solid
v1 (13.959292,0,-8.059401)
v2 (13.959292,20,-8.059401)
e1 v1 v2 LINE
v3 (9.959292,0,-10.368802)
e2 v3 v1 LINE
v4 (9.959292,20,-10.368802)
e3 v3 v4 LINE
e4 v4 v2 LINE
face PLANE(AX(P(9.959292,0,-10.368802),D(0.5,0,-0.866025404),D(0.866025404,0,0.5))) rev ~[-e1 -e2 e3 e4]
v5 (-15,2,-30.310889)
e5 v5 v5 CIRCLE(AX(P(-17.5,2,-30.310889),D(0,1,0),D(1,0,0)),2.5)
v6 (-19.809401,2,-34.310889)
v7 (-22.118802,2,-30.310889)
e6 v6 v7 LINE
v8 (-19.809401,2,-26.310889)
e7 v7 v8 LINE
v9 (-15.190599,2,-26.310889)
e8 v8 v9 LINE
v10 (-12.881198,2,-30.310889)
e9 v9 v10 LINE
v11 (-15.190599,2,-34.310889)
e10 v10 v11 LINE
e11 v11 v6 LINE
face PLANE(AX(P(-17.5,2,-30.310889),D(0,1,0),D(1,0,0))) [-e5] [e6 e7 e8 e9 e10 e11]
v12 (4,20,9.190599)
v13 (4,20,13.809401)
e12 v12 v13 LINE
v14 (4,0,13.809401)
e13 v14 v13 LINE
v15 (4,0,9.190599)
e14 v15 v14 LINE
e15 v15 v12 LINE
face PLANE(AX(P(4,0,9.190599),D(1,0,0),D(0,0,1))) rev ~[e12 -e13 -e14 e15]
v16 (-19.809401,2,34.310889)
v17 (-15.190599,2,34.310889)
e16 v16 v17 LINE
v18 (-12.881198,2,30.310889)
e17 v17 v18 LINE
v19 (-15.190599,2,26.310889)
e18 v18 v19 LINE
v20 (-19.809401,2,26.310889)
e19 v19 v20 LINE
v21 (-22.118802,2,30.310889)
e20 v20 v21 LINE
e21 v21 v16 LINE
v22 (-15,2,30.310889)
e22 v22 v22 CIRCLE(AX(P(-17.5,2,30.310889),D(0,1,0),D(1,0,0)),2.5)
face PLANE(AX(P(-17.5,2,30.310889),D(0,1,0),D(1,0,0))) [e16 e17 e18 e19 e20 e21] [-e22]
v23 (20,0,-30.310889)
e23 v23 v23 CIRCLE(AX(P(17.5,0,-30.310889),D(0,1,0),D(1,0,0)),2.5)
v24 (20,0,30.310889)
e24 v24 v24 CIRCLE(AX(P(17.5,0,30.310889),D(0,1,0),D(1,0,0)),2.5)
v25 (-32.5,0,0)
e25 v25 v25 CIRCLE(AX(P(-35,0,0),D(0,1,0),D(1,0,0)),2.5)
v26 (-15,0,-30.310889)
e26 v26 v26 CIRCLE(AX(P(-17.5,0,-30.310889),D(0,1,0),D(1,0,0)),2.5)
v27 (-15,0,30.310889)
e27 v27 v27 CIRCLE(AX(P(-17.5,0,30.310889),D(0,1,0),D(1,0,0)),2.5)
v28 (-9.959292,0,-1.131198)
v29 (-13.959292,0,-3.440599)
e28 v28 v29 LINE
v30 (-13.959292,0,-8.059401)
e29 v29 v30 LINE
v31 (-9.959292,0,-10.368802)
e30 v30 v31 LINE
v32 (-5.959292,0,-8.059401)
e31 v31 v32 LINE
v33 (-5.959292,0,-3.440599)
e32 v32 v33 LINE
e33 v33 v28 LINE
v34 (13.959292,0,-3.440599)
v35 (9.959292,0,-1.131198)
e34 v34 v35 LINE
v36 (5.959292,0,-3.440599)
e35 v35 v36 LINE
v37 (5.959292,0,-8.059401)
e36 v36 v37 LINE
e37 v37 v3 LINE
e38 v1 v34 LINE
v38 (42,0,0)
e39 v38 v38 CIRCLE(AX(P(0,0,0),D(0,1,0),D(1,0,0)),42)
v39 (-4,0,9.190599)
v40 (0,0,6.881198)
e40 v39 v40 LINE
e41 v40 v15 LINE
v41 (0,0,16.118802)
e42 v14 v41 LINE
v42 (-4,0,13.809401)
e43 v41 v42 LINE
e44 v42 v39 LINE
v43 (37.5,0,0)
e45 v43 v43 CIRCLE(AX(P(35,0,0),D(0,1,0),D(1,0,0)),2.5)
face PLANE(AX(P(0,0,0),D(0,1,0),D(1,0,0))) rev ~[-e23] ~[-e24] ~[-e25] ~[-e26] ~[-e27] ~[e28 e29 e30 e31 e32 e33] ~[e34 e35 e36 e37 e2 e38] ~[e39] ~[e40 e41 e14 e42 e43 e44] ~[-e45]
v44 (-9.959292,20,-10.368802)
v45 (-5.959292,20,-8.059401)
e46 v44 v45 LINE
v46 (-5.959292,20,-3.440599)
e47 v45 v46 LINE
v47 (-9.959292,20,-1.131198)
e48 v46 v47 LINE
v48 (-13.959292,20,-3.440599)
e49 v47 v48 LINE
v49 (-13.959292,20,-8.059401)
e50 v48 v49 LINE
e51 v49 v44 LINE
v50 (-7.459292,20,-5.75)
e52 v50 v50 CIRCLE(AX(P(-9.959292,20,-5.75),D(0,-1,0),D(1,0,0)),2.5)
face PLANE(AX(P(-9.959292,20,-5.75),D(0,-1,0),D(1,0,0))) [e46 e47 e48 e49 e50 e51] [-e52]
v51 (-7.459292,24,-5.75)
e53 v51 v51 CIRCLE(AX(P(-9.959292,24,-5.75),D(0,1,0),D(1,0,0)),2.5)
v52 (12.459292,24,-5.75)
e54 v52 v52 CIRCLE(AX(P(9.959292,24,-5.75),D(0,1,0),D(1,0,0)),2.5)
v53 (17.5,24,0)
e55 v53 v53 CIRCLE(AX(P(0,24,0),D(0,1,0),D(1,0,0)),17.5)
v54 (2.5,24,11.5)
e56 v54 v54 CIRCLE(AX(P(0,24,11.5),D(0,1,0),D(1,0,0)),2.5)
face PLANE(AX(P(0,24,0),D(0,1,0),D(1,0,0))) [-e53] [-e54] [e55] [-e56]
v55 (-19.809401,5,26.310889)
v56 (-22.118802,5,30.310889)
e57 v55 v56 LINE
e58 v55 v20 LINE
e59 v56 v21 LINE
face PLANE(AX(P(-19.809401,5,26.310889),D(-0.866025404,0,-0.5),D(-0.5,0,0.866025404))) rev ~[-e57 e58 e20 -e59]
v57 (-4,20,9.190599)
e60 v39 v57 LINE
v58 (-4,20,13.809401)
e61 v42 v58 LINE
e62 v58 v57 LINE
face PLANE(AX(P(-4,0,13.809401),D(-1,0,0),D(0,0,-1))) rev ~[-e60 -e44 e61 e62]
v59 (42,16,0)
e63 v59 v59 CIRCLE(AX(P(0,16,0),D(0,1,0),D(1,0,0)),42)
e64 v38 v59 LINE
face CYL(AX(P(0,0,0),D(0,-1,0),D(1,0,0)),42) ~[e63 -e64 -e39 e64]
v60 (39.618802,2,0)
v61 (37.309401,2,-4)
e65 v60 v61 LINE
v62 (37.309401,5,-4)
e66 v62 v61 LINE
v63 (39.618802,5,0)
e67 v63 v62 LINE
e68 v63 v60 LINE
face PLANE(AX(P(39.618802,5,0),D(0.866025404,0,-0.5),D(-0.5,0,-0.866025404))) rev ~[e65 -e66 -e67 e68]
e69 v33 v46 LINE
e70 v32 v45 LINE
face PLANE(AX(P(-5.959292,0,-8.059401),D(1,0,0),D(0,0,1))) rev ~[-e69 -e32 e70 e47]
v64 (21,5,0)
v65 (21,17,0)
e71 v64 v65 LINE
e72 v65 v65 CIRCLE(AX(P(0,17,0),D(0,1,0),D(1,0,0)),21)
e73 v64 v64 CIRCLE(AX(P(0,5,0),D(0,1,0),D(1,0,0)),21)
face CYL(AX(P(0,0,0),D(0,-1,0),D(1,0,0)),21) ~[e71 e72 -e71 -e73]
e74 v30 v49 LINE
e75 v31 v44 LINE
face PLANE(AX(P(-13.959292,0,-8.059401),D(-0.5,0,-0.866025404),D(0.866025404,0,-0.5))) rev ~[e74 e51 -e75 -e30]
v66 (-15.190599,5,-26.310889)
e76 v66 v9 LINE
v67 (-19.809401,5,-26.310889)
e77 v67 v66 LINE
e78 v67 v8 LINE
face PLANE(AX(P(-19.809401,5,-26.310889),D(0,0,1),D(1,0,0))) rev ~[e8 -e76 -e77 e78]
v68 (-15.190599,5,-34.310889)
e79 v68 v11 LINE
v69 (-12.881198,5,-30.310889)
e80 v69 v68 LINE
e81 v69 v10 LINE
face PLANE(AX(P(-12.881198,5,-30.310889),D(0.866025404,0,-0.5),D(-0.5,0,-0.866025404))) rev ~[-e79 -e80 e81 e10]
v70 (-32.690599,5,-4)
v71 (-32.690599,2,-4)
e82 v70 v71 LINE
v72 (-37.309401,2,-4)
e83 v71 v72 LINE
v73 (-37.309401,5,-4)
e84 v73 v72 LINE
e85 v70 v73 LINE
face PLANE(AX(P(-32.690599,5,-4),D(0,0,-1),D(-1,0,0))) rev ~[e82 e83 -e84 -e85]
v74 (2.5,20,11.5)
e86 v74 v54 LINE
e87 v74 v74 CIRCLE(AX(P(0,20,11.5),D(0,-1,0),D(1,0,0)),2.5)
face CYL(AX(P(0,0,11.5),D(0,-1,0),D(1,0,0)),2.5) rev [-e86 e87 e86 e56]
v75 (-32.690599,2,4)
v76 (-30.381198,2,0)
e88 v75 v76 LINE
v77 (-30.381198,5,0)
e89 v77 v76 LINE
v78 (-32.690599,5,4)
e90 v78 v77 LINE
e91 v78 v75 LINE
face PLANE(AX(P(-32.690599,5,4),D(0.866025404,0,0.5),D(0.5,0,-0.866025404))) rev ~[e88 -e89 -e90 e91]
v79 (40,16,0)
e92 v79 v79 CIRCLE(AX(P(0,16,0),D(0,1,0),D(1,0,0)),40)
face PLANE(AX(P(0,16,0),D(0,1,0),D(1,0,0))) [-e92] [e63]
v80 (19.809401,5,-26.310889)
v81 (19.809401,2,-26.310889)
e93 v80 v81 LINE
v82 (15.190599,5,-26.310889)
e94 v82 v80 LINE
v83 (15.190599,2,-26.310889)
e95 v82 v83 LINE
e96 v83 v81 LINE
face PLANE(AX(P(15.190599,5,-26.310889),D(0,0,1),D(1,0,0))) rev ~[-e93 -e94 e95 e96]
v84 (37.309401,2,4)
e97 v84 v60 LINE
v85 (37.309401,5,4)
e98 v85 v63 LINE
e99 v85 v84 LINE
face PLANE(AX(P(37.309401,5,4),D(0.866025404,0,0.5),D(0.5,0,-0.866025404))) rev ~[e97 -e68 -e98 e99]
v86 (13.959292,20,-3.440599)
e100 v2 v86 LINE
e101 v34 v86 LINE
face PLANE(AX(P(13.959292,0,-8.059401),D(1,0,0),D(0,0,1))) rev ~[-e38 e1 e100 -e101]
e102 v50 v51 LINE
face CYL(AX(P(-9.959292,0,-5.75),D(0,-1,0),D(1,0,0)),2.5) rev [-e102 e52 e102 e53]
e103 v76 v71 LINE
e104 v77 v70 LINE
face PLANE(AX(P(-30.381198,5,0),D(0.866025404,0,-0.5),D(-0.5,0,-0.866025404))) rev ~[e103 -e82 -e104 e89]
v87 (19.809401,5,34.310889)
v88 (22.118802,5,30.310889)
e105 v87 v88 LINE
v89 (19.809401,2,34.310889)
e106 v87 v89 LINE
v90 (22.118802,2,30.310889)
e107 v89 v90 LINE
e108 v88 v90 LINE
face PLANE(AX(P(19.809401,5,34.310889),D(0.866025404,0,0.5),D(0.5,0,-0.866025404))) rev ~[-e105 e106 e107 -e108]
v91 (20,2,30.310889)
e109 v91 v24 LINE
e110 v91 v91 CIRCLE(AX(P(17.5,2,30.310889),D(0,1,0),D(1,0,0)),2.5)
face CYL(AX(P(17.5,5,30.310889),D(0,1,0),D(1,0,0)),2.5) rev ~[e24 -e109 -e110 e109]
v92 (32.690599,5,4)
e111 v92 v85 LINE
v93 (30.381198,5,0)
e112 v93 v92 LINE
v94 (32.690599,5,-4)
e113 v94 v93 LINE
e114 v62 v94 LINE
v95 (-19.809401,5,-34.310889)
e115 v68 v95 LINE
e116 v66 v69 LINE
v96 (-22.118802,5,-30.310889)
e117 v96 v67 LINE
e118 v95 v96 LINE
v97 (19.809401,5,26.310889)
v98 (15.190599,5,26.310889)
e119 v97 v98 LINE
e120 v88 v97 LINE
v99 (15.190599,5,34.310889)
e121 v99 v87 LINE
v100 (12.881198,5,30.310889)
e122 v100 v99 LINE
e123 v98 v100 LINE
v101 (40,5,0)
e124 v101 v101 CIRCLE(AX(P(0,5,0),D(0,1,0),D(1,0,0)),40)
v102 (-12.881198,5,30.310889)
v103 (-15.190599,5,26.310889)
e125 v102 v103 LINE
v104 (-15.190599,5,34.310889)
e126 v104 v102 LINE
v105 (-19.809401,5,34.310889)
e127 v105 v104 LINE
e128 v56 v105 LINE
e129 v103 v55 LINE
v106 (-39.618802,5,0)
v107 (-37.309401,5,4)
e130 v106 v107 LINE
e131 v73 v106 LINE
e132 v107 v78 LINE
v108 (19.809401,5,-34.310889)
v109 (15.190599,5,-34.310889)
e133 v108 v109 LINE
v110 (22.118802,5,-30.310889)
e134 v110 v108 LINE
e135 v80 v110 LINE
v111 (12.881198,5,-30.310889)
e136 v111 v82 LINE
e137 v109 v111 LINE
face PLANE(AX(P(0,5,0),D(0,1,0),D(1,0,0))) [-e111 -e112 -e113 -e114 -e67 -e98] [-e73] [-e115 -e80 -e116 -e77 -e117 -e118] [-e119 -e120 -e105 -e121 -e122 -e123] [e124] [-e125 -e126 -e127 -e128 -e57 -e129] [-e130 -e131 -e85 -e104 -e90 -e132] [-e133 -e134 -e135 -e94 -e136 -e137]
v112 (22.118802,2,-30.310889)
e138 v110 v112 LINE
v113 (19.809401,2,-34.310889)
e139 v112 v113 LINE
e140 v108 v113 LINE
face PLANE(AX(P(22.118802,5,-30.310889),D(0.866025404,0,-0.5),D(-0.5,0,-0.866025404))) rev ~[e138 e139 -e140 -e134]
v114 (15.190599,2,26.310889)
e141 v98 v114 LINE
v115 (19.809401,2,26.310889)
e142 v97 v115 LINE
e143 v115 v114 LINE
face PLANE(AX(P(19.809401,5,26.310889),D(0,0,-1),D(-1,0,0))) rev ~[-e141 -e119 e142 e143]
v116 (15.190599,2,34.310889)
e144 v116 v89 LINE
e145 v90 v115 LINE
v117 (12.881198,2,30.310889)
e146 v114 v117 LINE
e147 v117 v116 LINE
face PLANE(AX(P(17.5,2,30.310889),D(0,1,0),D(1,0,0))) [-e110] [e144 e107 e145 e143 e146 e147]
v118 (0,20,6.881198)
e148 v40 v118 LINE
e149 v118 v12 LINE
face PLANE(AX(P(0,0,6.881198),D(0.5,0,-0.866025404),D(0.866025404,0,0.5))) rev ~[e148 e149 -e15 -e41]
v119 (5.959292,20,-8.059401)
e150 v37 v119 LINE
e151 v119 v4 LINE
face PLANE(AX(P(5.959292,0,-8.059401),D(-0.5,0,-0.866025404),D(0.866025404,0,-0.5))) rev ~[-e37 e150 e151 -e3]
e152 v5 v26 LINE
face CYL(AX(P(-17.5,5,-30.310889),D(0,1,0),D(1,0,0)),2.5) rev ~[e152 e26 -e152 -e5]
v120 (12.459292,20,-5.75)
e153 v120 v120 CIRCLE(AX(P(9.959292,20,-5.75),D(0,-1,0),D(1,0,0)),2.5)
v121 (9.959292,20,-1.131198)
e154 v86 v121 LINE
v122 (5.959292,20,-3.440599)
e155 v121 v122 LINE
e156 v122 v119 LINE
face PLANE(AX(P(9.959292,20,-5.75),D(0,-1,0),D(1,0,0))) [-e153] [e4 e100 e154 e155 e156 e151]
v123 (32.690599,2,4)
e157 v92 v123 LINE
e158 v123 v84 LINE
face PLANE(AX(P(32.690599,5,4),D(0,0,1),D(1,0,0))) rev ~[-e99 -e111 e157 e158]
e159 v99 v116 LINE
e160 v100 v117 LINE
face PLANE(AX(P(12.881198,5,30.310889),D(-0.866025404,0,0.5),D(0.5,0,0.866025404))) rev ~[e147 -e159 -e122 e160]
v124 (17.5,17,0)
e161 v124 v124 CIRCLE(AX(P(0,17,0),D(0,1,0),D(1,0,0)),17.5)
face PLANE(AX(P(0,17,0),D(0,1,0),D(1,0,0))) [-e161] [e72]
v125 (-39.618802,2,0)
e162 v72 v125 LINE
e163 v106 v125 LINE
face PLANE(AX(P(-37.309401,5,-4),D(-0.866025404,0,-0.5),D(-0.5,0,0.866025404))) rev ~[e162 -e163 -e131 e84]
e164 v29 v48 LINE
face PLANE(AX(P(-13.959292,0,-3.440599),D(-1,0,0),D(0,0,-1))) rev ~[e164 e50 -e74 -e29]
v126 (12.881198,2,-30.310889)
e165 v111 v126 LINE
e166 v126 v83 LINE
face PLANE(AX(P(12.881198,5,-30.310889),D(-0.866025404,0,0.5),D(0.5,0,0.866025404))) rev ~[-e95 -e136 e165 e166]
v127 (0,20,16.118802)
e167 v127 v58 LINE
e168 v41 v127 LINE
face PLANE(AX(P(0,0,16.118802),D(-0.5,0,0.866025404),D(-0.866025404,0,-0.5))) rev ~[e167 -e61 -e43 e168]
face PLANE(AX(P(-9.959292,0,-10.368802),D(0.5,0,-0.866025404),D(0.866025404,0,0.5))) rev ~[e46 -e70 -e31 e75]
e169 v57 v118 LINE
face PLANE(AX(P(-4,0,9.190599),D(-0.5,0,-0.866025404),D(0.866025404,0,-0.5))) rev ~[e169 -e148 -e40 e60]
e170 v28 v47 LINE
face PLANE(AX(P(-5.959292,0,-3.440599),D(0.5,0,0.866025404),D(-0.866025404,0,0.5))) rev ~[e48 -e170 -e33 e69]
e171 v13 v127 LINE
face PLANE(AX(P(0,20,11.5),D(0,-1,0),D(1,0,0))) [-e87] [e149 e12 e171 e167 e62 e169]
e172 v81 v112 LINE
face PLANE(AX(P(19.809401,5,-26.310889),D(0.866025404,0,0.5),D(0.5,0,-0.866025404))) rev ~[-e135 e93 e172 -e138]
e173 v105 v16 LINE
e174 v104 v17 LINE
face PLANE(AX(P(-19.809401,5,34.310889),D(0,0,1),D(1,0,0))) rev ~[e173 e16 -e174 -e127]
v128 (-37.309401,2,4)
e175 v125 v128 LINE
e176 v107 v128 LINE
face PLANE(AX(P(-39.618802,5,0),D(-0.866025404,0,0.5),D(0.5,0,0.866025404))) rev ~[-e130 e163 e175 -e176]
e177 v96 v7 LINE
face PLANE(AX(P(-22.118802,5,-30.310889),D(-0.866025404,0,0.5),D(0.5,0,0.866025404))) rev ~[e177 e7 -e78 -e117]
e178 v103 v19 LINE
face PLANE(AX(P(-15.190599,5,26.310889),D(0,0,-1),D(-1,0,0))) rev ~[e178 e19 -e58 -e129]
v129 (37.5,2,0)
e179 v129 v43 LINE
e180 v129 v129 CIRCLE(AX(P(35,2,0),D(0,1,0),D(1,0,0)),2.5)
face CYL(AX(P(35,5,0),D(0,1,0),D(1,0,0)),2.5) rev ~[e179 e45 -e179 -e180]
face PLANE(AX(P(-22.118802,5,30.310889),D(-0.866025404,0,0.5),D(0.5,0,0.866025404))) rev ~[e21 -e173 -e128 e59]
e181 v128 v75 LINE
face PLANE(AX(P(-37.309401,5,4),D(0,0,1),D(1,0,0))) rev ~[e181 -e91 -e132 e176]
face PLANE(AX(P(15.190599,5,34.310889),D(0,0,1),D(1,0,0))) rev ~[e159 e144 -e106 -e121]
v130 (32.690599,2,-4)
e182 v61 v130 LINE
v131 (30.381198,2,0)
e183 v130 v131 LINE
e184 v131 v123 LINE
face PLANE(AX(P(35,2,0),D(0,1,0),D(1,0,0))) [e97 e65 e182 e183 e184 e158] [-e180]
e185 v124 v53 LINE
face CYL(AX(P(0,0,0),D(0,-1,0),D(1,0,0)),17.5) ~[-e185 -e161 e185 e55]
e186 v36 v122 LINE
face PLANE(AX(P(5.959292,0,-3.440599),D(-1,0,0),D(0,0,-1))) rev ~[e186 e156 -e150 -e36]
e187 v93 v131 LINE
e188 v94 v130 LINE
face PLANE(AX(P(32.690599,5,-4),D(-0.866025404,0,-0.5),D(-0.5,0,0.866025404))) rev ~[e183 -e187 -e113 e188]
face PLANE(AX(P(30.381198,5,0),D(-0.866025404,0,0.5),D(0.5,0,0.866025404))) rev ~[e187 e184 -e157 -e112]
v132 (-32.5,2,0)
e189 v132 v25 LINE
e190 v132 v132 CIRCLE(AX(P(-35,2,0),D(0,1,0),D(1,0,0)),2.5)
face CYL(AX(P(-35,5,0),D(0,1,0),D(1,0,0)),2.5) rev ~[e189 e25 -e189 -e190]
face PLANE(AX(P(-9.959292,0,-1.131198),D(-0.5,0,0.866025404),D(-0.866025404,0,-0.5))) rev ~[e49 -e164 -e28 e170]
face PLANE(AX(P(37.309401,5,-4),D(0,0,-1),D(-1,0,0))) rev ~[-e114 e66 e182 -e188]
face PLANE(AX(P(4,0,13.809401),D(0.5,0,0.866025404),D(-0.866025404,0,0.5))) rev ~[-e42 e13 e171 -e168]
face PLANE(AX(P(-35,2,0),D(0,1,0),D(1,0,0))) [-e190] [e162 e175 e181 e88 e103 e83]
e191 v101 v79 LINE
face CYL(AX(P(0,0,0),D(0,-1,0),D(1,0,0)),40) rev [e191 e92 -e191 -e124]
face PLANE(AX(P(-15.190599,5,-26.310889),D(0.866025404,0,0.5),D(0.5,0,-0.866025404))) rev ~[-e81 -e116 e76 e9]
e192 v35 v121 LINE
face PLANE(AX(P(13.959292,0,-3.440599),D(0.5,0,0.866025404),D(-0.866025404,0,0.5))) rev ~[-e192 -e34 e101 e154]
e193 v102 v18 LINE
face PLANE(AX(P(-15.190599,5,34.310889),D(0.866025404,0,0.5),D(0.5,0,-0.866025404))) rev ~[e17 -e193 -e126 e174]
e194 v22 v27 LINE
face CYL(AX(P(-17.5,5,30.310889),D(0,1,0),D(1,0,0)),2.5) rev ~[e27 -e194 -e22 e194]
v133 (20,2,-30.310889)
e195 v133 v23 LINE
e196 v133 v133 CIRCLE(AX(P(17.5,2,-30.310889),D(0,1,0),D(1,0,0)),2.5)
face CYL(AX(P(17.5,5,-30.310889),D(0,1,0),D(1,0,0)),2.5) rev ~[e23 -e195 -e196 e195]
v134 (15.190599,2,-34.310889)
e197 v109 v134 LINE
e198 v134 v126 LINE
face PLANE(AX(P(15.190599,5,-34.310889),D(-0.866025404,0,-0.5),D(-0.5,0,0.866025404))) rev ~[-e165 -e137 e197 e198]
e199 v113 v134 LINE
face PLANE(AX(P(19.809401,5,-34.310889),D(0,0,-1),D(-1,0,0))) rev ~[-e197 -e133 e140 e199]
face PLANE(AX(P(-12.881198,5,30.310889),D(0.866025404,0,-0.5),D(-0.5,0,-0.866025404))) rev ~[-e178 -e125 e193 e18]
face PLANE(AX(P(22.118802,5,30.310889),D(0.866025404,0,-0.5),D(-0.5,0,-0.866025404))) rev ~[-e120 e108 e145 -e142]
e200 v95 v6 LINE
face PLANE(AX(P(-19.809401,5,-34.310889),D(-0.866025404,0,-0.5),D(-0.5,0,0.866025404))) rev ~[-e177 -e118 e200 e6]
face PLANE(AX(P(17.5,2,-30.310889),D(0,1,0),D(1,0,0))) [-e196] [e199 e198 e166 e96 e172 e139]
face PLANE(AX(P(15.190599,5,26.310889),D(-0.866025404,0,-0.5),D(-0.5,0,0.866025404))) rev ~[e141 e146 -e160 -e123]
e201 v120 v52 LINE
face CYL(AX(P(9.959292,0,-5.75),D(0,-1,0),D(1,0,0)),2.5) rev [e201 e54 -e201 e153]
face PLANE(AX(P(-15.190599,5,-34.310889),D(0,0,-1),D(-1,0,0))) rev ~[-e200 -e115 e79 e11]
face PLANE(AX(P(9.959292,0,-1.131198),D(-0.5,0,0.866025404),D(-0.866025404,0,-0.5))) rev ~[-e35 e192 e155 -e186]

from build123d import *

# Parameters (mm, degrees)
SKETCH1_R           = 17.5
SKETCH1_R_2         = 2.5
BOSS_EXTRUDE1_DEPTH = 24
SKETCH1_3_R         = 21
SKETCH1_3_R_2       = 17.5
BOSS_EXTRUDE2_DEPTH = 17
SKETCH1_6_R         = 40
SKETCH1_6_R_2       = 21
BOSS_EXTRUDE4_DEPTH = 5
SKETCH1_7_R         = 42
SKETCH1_7_R_2       = 40
BOSS_EXTRUDE5_DEPTH = 16
SKETCH2_R           = 2.5
CUT_EXTRUDE1_DEPTH  = 6
CUT_EXTRUDE2_DEPTH  = 3
CUT_EXTRUDE3_DEPTH  = 20


with BuildPart() as part:
    # Sketch1 → Boss-Extrude1 (new body)
    with BuildSketch(Plane(origin=(0, 0, 0), x_dir=(1, 0, 0), z_dir=(0, 1, 0))):
        Circle(SKETCH1_R)
        with Locations((-9.959292144, 5.75)):
            Circle(SKETCH1_R_2, mode=Mode.SUBTRACT)
        with Locations((9.959292144, 5.75)):
            Circle(SKETCH1_R_2, mode=Mode.SUBTRACT)
        with Locations((0, -11.5)):
            Circle(SKETCH1_R_2, mode=Mode.SUBTRACT)
    extrude(amount=BOSS_EXTRUDE1_DEPTH)

    # Sketch1<3> → Boss-Extrude2 (add)
    with BuildSketch(Plane(origin=(0, 0, 0), x_dir=(1, 0, 0), z_dir=(0, 1, 0))):
        Circle(SKETCH1_3_R)
        Circle(SKETCH1_3_R_2, mode=Mode.SUBTRACT)
    extrude(amount=BOSS_EXTRUDE2_DEPTH)

    # Sketch1<6> → Boss-Extrude4 (add)
    with BuildSketch(Plane(origin=(0, 0, 0), x_dir=(1, 0, 0), z_dir=(0, 1, 0))):
        Circle(SKETCH1_6_R)
        Circle(SKETCH1_6_R_2, mode=Mode.SUBTRACT)
    extrude(amount=BOSS_EXTRUDE4_DEPTH)

    # Sketch1<7> → Boss-Extrude5 (add)
    with BuildSketch(Plane(origin=(0, 0, 0), x_dir=(1, 0, 0), z_dir=(0, 1, 0))):
        Circle(SKETCH1_7_R)
        Circle(SKETCH1_7_R_2, mode=Mode.SUBTRACT)
    extrude(amount=BOSS_EXTRUDE5_DEPTH)

    # Sketch2 → Cut-Extrude1 (cut, through all)
    with BuildSketch(Plane(origin=(0, 5, 0), x_dir=(1, 0, 0), z_dir=(0, 1, 0))):
        with Locations((-35, 0)):
            Circle(SKETCH2_R)
        with Locations((-17.5, 30.310889132)):
            Circle(SKETCH2_R)
        with Locations((17.5, 30.310889132)):
            Circle(SKETCH2_R)
        with Locations((35, 0)):
            Circle(SKETCH2_R)
        with Locations((17.5, -30.310889132)):
            Circle(SKETCH2_R)
        with Locations((-17.5, -30.310889132)):
            Circle(SKETCH2_R)
    extrude(amount=-CUT_EXTRUDE1_DEPTH, mode=Mode.SUBTRACT)

    # Sketch3 → Cut-Extrude2 (cut)
    with BuildSketch(Plane(origin=(0, 5, 0), x_dir=(1, 0, 0), z_dir=(0, 1, 0))):
        Polygon((-12.881197846, 30.310889132), (-15.190598923, 34.310889132), (-19.809401077, 34.310889132), (-22.118802154, 30.310889132), (-19.809401077, 26.310889132), (-15.190598923, 26.310889132), align=None)
        Polygon((19.809401077, 26.310889132), (22.118802154, 30.310889132), (19.809401077, 34.310889132), (15.190598923, 34.310889132), (12.881197846, 30.310889132), (15.190598923, 26.310889132), align=None)
        Polygon((32.690598923, -4), (37.309401077, -4), (39.618802154, 0), (37.309401077, 4), (32.690598923, 4), (30.381197846, 0), align=None)
        Polygon((12.881197846, -30.310889132), (15.190598923, -34.310889132), (19.809401077, -34.310889132), (22.118802154, -30.310889132), (19.809401077, -26.310889132), (15.190598923, -26.310889132), align=None)
        Polygon((-19.809401077, -26.310889132), (-22.118802154, -30.310889132), (-19.809401077, -34.310889132), (-15.190598923, -34.310889132), (-12.881197846, -30.310889132), (-15.190598923, -26.310889132), align=None)
        Polygon((-32.690598923, 4), (-37.309401077, 4), (-39.618802154, 0), (-37.309401077, -4), (-32.690598923, -4), (-30.381197846, 0), align=None)
    extrude(amount=-CUT_EXTRUDE2_DEPTH, mode=Mode.SUBTRACT)

    # Sketch4 → Cut-Extrude3 (cut)
    with BuildSketch(Plane.XZ):
        Polygon((0, 6.881197846), (4, 9.190598923), (4, 13.809401077), (0, 16.118802154), (-4, 13.809401077), (-4, 9.190598923), align=None)
        Polygon((5.959292144, -3.440598923), (5.959292144, -8.059401077), (9.959292144, -10.368802154), (13.959292144, -8.059401077), (13.959292144, -3.440598923), (9.959292144, -1.131197846), align=None)
        Polygon((-5.959292144, -3.440598923), (-9.959292144, -1.131197846), (-13.959292144, -3.440598923), (-13.959292144, -8.059401077), (-9.959292144, -10.368802154), (-5.959292144, -8.059401077), align=None)
    extrude(amount=-CUT_EXTRUDE3_DEPTH, mode=Mode.SUBTRACT)


solid = part.part
